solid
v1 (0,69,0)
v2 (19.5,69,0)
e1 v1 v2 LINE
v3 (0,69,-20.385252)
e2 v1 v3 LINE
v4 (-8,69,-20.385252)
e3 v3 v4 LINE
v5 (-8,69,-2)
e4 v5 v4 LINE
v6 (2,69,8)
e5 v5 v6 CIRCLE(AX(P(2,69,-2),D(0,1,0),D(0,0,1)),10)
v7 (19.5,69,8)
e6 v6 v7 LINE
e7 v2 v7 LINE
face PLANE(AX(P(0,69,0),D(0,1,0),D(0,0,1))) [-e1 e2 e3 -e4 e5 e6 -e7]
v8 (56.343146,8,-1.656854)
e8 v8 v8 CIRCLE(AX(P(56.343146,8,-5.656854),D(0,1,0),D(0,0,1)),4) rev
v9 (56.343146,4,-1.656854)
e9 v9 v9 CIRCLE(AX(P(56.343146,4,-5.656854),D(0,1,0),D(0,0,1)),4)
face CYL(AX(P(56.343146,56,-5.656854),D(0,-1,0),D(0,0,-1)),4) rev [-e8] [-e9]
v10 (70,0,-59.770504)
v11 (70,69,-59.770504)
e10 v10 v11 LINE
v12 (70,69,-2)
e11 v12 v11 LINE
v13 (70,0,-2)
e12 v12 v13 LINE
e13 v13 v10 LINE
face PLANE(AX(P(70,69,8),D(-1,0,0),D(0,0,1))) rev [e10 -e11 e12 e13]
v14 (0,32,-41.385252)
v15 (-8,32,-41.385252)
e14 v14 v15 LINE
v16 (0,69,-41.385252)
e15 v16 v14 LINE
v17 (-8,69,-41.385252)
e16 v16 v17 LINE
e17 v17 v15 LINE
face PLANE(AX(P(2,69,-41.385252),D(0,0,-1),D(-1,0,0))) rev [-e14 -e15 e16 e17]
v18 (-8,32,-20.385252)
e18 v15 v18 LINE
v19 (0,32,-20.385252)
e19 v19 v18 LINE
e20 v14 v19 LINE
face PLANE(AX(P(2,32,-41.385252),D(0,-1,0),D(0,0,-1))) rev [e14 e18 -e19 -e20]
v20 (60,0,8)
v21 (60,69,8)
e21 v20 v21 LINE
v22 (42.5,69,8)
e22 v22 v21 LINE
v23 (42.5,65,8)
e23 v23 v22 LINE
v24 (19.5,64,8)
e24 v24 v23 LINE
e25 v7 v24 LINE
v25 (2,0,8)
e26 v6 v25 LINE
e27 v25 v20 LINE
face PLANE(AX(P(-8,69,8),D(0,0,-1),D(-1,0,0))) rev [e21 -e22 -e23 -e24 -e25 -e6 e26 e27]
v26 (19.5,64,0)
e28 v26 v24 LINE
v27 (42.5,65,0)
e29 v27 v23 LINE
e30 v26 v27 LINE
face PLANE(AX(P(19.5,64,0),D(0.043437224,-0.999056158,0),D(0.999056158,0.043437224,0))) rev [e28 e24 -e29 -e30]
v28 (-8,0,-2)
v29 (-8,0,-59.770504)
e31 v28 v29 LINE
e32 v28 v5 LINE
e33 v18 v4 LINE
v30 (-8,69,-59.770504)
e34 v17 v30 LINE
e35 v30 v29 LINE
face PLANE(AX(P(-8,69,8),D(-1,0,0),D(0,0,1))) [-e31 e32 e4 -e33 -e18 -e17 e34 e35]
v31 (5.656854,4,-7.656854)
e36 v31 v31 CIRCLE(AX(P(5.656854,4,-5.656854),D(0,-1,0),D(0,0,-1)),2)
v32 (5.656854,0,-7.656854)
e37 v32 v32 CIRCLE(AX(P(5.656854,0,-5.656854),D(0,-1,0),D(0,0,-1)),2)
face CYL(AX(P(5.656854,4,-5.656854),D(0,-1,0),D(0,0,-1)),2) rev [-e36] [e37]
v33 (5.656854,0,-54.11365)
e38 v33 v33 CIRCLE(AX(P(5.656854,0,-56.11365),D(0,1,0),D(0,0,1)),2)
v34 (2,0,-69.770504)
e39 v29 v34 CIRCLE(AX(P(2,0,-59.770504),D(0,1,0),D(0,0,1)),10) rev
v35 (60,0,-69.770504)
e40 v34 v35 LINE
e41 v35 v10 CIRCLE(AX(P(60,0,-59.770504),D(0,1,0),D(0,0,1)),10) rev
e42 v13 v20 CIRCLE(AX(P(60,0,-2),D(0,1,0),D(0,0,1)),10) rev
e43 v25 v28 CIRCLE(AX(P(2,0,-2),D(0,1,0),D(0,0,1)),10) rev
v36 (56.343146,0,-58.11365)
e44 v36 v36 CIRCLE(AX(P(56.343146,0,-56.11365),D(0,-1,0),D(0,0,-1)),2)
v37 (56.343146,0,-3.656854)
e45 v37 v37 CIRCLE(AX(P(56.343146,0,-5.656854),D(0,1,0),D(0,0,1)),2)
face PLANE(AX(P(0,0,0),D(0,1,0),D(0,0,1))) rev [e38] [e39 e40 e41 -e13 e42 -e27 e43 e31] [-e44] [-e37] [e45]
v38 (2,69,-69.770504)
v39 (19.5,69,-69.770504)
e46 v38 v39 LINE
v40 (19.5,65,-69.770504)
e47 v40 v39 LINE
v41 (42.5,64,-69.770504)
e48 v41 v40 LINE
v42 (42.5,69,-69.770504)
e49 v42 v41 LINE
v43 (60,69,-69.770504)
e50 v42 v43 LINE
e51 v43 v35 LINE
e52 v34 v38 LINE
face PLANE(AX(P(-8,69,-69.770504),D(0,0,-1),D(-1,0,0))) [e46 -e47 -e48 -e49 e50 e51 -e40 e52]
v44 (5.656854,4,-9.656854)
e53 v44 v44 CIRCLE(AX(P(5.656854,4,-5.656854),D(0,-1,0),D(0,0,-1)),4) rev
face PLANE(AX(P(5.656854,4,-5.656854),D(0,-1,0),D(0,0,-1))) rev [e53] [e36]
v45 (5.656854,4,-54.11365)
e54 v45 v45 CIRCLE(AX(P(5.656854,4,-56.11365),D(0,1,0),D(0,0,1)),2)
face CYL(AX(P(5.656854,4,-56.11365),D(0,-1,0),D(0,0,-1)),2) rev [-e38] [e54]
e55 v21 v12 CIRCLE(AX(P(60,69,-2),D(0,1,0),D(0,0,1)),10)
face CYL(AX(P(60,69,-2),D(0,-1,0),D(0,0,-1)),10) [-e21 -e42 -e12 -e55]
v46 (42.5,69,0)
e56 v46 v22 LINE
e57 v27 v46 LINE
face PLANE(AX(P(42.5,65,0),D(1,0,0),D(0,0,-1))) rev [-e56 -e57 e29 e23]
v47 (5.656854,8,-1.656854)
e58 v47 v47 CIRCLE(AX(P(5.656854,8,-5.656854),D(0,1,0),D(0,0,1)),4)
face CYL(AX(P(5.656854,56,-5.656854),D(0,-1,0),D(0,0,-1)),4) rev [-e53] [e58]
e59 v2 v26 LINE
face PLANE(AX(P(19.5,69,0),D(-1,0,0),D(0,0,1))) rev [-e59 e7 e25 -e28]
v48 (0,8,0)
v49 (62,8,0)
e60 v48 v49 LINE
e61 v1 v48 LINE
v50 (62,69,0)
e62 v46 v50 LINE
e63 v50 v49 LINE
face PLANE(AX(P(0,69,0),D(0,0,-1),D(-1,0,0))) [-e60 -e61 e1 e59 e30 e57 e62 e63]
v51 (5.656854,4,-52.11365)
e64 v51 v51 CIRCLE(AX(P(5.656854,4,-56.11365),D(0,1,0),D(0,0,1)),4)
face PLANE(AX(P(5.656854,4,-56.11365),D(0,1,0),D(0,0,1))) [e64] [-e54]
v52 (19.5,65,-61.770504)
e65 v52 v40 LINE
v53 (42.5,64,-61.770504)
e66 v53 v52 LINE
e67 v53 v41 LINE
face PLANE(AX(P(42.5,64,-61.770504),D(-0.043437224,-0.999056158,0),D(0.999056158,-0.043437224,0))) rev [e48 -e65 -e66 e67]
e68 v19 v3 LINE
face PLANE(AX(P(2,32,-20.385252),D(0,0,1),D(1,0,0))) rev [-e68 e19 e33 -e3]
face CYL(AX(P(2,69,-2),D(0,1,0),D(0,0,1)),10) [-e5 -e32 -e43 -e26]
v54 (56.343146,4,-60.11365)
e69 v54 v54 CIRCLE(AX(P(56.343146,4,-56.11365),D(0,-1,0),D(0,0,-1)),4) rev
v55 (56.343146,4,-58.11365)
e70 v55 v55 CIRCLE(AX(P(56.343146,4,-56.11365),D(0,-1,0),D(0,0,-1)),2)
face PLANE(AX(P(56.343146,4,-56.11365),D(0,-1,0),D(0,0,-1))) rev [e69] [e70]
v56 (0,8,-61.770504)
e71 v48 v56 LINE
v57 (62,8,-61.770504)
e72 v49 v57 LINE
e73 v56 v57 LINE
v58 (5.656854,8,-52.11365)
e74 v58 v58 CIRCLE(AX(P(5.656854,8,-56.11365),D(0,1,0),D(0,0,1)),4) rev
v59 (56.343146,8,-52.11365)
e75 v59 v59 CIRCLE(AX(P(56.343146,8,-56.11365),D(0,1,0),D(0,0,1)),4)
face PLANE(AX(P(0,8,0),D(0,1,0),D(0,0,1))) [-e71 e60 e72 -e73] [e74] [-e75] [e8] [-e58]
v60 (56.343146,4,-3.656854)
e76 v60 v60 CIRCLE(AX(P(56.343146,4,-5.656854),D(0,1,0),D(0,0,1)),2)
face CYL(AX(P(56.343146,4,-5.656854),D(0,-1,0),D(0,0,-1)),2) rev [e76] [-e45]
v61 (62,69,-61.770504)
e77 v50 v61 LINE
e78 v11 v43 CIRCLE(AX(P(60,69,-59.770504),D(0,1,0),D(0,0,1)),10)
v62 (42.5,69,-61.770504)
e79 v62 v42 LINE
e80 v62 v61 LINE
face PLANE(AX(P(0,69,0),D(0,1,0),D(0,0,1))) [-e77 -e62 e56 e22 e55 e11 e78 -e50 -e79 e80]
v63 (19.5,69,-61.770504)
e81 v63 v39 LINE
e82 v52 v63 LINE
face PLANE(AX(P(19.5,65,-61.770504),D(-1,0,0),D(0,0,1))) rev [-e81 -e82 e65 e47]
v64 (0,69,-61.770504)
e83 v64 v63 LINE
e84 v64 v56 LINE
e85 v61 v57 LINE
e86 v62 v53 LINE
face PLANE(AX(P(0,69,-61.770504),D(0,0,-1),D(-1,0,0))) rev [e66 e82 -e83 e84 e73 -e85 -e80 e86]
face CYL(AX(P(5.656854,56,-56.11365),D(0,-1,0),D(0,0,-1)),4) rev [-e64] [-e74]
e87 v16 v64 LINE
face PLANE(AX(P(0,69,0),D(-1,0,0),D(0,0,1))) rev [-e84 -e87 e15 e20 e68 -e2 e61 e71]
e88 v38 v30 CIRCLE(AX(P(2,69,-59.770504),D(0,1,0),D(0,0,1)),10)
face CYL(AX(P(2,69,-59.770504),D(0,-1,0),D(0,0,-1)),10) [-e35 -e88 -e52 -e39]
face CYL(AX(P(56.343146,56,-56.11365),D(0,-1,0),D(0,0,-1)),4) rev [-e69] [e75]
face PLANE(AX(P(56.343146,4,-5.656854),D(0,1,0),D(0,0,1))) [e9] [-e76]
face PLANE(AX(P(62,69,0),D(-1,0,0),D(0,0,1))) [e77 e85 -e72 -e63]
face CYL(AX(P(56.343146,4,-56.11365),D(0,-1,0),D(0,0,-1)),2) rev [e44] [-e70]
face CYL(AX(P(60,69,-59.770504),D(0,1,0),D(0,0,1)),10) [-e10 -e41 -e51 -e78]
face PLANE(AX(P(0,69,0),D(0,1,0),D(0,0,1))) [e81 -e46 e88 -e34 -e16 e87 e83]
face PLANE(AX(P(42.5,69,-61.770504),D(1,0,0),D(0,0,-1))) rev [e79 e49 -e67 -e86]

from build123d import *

# Parameters (mm, degrees)
SKETCH1_W            = 62
SKETCH1_H            = 61.770504471
BOSS_EXTRUDE6_DEPTH  = 8
SKETCH1_15_W         = 78
SKETCH1_15_H         = 77.770504471
SKETCH1_15_W_2       = 62
SKETCH1_15_H_2       = 61.770504471
BOSS_EXTRUDE9_DEPTH  = 69
SKETCH1_17_R         = 4
CUT_EXTRUDE2_DEPTH   = 56
SKETCH1_18_R         = 4
SKETCH1_18_R_2       = 2
BOSS_EXTRUDE10_DEPTH = 4
FILLET3_R            = 10
CUT_EXTRUDE10_DEPTH  = 8
CUT_EXTRUDE11_DEPTH  = 8
SKETCH6_W            = 21
SKETCH6_H            = 37
CUT_EXTRUDE13_DEPTH  = 10


with BuildPart() as part:
    # Sketch1 → Boss-Extrude6 (new body)
    with BuildSketch(Plane(origin=(0, 0, 0), x_dir=(1, 0, 0), z_dir=(0, 1, 0))):
        with Locations((31, 30.885252236)):
            Rectangle(SKETCH1_W, SKETCH1_H)
    extrude(amount=BOSS_EXTRUDE6_DEPTH)

    # Sketch1<15> → Boss-Extrude9 (add)
    with BuildSketch(Plane(origin=(0, 0, 0), x_dir=(1, 0, 0), z_dir=(0, 1, 0))):
        with Locations((31, 30.885252236)):
            Rectangle(SKETCH1_15_W, SKETCH1_15_H)
        with Locations((31, 30.885252236)):
            Rectangle(SKETCH1_15_W_2, SKETCH1_15_H_2, mode=Mode.SUBTRACT)
    extrude(amount=BOSS_EXTRUDE9_DEPTH)

    # Sketch1<17> → Cut-Extrude2 (cut)
    with BuildSketch(Plane(origin=(0, 0, 0), x_dir=(1, 0, 0), z_dir=(0, 1, 0))):
        with Locations((5.656854249, 56.113650222)):
            Circle(SKETCH1_17_R)
        with Locations((56.343145751, 56.113650222)):
            Circle(SKETCH1_17_R)
        with Locations((56.343145751, 5.656854249)):
            Circle(SKETCH1_17_R)
        with Locations((5.656854249, 5.656854249)):
            Circle(SKETCH1_17_R)
    extrude(amount=CUT_EXTRUDE2_DEPTH, mode=Mode.SUBTRACT)

    # Sketch1<18> → Boss-Extrude10 (add)
    # profile 1 of 4: a face of its own
    with BuildSketch(Plane(origin=(0, 0, 0), x_dir=(1, 0, 0), z_dir=(0, 1, 0))):
        with Locations((5.656854249, 56.113650222)):
            Circle(SKETCH1_18_R)
        with Locations((5.656854249, 56.113650222)):
            Circle(SKETCH1_18_R_2, mode=Mode.SUBTRACT)
    # profile 2 of 4: a face of its own
    with BuildSketch(Plane(origin=(0, 0, 0), x_dir=(1, 0, 0), z_dir=(0, 1, 0))):
        with Locations((56.343145751, 56.113650222)):
            Circle(SKETCH1_18_R)
        with Locations((56.343145751, 56.113650222)):
            Circle(SKETCH1_18_R_2, mode=Mode.SUBTRACT)
    # profile 3 of 4: a face of its own
    with BuildSketch(Plane(origin=(0, 0, 0), x_dir=(1, 0, 0), z_dir=(0, 1, 0))):
        with Locations((56.343145751, 5.656854249)):
            Circle(SKETCH1_18_R)
        with Locations((56.343145751, 5.656854249)):
            Circle(SKETCH1_18_R_2, mode=Mode.SUBTRACT)
    # profile 4 of 4: a face of its own
    with BuildSketch(Plane(origin=(0, 0, 0), x_dir=(1, 0, 0), z_dir=(0, 1, 0))):
        with Locations((5.656854249, 5.656854249)):
            Circle(SKETCH1_18_R)
        with Locations((5.656854249, 5.656854249)):
            Circle(SKETCH1_18_R_2, mode=Mode.SUBTRACT)
    extrude(amount=BOSS_EXTRUDE10_DEPTH)

    # Fillet3
    fillet3_edges = [part.edges().sort_by_distance(p)[0] for p in [
        (70, 34.5, -69.770504471),
        (-8, 34.5, -69.770504471),
        (-8, 34.5, 8),
        (70, 34.5, 8),
    ]]
    fillet(fillet3_edges, radius=FILLET3_R)

    # Sketch3 → Cut-Extrude10 (cut)
    with BuildSketch(Plane(origin=(0, 0, -69.770504471), x_dir=(-1, 0, 0), z_dir=(0, 0, -1))):
        Polygon((-42.5, 69), (-42.5, 64), (-19.5, 65), (-19.5, 69), align=None)
    extrude(amount=-CUT_EXTRUDE10_DEPTH, mode=Mode.SUBTRACT)

    # Sketch9 → Cut-Extrude11 (cut)
    with BuildSketch(Plane.XY.offset(8)):
        Polygon((19.5, 69), (19.5, 64), (42.5, 65), (42.5, 69), align=None)
    extrude(amount=-CUT_EXTRUDE11_DEPTH, mode=Mode.SUBTRACT)

    # Sketch6 → Cut-Extrude13 (cut)
    with BuildSketch(Plane.ZY.offset(8)):
        with Locations((-30.885252236, 50.5)):
            Rectangle(SKETCH6_W, SKETCH6_H)
    extrude(amount=-CUT_EXTRUDE13_DEPTH, mode=Mode.SUBTRACT)


solid = part.part
